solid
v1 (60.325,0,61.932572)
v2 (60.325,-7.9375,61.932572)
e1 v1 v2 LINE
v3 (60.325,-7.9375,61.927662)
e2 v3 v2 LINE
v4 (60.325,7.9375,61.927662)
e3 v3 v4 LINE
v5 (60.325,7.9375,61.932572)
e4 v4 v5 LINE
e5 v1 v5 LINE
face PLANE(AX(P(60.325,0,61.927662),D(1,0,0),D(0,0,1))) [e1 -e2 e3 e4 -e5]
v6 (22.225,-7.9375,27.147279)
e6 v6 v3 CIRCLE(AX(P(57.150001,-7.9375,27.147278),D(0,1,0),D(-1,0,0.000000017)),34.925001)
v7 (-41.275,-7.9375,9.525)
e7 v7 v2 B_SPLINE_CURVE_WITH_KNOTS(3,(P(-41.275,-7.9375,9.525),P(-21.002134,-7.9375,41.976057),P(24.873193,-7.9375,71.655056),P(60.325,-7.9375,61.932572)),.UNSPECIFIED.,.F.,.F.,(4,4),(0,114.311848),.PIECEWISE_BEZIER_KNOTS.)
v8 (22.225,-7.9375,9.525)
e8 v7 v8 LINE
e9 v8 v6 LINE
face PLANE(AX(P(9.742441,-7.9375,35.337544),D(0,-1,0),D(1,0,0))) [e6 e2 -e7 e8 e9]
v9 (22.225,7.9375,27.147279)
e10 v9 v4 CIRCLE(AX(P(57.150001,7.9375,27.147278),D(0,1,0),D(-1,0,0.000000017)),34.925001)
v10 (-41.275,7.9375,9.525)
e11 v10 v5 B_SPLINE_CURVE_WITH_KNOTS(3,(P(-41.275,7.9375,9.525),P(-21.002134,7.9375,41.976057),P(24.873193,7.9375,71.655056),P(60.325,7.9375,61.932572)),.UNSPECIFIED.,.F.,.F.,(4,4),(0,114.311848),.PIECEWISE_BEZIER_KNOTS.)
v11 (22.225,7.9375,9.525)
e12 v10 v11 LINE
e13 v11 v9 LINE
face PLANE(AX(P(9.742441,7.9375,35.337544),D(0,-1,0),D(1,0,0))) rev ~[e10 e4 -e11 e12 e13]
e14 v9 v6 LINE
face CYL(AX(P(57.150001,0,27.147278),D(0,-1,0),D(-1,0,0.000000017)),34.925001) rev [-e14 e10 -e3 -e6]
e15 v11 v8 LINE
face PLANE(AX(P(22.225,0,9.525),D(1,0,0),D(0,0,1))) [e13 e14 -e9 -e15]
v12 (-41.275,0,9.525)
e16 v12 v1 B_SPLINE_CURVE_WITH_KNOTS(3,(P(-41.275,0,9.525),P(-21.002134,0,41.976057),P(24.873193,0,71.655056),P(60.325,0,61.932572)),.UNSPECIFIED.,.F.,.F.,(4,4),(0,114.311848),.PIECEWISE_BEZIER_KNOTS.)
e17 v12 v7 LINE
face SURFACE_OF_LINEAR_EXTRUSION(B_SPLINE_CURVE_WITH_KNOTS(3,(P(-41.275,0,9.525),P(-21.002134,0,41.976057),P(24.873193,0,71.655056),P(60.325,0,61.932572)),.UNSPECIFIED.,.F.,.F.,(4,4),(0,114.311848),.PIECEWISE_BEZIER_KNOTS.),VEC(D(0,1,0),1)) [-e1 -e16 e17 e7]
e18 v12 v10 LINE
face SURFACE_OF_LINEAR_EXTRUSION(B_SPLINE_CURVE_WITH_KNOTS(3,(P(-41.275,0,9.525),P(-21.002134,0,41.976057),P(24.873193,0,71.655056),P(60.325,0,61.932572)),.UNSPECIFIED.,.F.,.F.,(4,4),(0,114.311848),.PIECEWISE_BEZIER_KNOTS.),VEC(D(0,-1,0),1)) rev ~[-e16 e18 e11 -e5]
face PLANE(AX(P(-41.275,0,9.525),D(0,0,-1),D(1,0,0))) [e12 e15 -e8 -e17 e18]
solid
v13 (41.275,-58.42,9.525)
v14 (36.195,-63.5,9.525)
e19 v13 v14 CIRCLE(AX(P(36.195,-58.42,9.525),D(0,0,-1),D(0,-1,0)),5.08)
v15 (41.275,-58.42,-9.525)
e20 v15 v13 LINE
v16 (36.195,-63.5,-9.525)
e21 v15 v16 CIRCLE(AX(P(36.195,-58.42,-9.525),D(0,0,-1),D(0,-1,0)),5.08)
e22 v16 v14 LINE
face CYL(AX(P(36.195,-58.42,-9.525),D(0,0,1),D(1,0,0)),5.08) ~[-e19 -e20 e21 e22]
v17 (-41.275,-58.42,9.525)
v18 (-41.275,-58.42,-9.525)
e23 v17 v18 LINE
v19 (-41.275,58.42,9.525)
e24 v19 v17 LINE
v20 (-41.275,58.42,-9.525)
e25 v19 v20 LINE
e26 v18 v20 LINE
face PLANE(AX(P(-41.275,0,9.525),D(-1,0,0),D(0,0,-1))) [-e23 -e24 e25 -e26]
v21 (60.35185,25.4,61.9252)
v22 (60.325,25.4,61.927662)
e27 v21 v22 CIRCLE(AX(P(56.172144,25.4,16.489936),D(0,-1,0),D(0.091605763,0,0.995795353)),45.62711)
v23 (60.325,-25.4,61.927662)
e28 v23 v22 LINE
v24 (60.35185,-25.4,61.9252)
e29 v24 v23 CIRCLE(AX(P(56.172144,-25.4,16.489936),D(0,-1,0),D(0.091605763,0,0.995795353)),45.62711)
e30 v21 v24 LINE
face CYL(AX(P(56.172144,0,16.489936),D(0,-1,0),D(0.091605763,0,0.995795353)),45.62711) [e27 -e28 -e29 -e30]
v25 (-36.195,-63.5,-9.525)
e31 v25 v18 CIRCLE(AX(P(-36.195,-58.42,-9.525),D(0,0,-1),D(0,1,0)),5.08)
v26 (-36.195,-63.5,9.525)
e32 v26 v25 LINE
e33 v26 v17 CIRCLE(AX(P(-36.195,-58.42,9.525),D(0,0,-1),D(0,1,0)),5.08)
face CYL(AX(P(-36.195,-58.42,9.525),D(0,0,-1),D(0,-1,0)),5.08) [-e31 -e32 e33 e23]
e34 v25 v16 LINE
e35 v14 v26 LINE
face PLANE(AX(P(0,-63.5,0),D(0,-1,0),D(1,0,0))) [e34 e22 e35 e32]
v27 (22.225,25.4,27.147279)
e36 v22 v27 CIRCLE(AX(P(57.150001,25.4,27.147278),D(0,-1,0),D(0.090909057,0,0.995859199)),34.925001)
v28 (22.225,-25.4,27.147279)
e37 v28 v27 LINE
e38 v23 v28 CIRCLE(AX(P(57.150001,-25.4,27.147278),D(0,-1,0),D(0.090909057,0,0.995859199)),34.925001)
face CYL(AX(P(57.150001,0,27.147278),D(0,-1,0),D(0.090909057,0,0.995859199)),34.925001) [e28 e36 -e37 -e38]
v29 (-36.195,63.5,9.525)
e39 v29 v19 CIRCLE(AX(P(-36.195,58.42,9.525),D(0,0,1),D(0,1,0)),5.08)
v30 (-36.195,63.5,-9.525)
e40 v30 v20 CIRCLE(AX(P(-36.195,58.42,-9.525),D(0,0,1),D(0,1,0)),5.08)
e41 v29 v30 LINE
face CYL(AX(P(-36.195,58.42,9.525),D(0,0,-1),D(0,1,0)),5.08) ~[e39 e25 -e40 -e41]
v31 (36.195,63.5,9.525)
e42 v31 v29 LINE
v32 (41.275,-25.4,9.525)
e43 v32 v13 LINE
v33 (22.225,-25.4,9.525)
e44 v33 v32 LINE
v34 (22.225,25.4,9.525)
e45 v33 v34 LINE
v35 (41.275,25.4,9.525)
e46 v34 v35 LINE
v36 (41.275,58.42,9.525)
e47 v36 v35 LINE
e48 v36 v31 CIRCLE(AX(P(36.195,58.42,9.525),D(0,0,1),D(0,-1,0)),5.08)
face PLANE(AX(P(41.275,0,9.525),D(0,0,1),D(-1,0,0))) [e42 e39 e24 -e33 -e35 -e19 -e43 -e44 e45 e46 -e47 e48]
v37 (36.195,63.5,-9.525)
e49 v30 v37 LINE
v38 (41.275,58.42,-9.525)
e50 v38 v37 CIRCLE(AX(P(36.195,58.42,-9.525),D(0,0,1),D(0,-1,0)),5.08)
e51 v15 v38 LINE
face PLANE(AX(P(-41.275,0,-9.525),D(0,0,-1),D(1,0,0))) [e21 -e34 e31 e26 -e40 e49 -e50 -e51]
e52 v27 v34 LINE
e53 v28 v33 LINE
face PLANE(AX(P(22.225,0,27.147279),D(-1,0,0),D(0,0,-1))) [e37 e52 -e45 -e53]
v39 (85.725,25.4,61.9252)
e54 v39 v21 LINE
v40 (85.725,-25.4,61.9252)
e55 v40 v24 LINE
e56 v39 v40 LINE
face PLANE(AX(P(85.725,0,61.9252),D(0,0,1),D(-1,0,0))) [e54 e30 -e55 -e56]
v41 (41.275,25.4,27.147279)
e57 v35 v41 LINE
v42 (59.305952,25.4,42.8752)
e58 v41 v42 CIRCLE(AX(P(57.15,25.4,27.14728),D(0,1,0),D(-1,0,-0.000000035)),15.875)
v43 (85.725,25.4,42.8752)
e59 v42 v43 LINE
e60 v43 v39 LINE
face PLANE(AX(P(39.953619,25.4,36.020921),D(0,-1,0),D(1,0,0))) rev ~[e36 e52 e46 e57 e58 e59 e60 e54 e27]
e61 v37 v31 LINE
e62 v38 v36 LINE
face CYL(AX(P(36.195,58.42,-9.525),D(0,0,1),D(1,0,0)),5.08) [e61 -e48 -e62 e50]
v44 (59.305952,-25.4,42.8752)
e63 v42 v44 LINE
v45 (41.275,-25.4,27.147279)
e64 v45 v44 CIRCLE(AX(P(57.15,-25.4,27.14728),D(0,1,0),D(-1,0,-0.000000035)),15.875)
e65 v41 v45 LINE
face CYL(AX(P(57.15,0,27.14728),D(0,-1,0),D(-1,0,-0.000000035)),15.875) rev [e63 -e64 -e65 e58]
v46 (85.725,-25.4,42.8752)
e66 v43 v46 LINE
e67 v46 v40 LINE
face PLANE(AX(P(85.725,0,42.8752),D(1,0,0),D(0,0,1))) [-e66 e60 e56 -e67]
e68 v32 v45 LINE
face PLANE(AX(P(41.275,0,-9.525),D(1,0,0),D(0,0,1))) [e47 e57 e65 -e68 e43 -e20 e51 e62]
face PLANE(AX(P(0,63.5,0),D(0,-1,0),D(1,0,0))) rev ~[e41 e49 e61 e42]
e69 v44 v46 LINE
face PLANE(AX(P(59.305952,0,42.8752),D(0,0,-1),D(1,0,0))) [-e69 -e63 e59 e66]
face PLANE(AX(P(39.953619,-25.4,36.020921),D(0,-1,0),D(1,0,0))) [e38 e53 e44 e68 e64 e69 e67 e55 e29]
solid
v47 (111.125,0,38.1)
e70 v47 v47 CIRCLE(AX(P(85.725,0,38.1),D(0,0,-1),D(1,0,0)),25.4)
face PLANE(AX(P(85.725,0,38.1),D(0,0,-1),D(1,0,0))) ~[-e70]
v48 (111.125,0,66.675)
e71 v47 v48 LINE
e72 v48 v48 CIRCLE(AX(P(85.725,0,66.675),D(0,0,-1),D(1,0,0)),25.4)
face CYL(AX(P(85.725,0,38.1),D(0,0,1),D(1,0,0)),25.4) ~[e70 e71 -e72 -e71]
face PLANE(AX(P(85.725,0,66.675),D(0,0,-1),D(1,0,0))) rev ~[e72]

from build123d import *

# Parameters (mm, degrees)
F1_DEPTH = 63.5
F2_DEPTH = 25.4
F3_DEPTH = 7.9375
F5_R     = 5.08


with BuildPart() as f1:
    # F0 (on Front) → F1 (new body, symmetric)
    with BuildSketch(Plane.XZ):
        Polygon((41.275, -9.525), (41.275, 9.525), (22.225, 9.525), (-41.275, 9.525), (-41.275, -9.525), align=None)
    extrude(amount=F1_DEPTH, both=True)

    # F0 (on Front) → F2 (join, symmetric)
    with BuildSketch(Plane.XZ):
        with BuildLine():
            Line((22.225, 9.525), (41.275, 9.525))
            Line((41.275, 9.525), (41.275, 27.147279))
            ThreePointArc((41.275, 27.147279), (46.714726, 39.110585), (59.305952, 42.8752))
            Line((59.305952, 42.8752), (60.325, 42.8752))
            Line((60.325, 42.8752), (60.325, 61.927662))
            ThreePointArc((60.325, 61.927662), (33.60357, 52.941101), (22.225, 27.147279))
            Line((22.225, 27.147279), (22.225, 9.525))
        make_face()
        with BuildLine():
            ThreePointArc((60.35185, 61.9252), (60.338425, 61.926433), (60.325, 61.927662))
            Line((60.325, 61.927662), (60.325, 42.8752))
            Line((60.325, 42.8752), (85.725, 42.8752))
            Line((85.725, 42.8752), (85.725, 61.9252))
            Line((85.725, 61.9252), (60.35185, 61.9252))
        make_face()
    extrude(amount=F2_DEPTH, both=True)

    # F5
    f5_edges = [f1.edges().sort_by_distance(p)[0] for p in [
        (41.275, 63.5, 0),
        (-41.275, 63.5, 0),
        (-41.275, -63.5, 0),
        (41.275, -63.5, 0),
    ]]
    fillet(f5_edges, radius=F5_R)


with BuildPart() as f3:
    # F0 (on Front) → F3 (new body, symmetric)
    with BuildSketch(Plane.XZ):
        with BuildLine():
            Line((-41.275, 9.525), (22.225, 9.525))
            Line((22.225, 9.525), (22.225, 27.147279))
            ThreePointArc((22.225, 27.147279), (33.60357, 52.941101), (60.325, 61.927662))
            Line((60.325, 61.927662), (60.325, 61.932572))
            add(Edge.make_bspline(
                [(-41.275, 9.525), (-21.002134, 41.976057), (24.873193, 71.655056), (60.325, 61.932572)],
                knots=[0, 0, 0, 0, 114.311848, 114.311848, 114.311848, 114.311848], degree=3))
        make_face()
    extrude(amount=F3_DEPTH, both=True)


with BuildPart() as f4:
    # F0 (on Front) → F4 (revolve)
    with BuildSketch(Plane.XZ):
        Polygon((85.725, 61.9252), (85.725, 42.8752), (85.725, 38.1), (111.125, 38.1), (111.125, 66.675), (85.725, 66.675), align=None)
    revolve(axis=Axis((85.725, 0, 52.3875), (0, 0, -1)))


solid = Compound([f1.part, f3.part, f4.part])
